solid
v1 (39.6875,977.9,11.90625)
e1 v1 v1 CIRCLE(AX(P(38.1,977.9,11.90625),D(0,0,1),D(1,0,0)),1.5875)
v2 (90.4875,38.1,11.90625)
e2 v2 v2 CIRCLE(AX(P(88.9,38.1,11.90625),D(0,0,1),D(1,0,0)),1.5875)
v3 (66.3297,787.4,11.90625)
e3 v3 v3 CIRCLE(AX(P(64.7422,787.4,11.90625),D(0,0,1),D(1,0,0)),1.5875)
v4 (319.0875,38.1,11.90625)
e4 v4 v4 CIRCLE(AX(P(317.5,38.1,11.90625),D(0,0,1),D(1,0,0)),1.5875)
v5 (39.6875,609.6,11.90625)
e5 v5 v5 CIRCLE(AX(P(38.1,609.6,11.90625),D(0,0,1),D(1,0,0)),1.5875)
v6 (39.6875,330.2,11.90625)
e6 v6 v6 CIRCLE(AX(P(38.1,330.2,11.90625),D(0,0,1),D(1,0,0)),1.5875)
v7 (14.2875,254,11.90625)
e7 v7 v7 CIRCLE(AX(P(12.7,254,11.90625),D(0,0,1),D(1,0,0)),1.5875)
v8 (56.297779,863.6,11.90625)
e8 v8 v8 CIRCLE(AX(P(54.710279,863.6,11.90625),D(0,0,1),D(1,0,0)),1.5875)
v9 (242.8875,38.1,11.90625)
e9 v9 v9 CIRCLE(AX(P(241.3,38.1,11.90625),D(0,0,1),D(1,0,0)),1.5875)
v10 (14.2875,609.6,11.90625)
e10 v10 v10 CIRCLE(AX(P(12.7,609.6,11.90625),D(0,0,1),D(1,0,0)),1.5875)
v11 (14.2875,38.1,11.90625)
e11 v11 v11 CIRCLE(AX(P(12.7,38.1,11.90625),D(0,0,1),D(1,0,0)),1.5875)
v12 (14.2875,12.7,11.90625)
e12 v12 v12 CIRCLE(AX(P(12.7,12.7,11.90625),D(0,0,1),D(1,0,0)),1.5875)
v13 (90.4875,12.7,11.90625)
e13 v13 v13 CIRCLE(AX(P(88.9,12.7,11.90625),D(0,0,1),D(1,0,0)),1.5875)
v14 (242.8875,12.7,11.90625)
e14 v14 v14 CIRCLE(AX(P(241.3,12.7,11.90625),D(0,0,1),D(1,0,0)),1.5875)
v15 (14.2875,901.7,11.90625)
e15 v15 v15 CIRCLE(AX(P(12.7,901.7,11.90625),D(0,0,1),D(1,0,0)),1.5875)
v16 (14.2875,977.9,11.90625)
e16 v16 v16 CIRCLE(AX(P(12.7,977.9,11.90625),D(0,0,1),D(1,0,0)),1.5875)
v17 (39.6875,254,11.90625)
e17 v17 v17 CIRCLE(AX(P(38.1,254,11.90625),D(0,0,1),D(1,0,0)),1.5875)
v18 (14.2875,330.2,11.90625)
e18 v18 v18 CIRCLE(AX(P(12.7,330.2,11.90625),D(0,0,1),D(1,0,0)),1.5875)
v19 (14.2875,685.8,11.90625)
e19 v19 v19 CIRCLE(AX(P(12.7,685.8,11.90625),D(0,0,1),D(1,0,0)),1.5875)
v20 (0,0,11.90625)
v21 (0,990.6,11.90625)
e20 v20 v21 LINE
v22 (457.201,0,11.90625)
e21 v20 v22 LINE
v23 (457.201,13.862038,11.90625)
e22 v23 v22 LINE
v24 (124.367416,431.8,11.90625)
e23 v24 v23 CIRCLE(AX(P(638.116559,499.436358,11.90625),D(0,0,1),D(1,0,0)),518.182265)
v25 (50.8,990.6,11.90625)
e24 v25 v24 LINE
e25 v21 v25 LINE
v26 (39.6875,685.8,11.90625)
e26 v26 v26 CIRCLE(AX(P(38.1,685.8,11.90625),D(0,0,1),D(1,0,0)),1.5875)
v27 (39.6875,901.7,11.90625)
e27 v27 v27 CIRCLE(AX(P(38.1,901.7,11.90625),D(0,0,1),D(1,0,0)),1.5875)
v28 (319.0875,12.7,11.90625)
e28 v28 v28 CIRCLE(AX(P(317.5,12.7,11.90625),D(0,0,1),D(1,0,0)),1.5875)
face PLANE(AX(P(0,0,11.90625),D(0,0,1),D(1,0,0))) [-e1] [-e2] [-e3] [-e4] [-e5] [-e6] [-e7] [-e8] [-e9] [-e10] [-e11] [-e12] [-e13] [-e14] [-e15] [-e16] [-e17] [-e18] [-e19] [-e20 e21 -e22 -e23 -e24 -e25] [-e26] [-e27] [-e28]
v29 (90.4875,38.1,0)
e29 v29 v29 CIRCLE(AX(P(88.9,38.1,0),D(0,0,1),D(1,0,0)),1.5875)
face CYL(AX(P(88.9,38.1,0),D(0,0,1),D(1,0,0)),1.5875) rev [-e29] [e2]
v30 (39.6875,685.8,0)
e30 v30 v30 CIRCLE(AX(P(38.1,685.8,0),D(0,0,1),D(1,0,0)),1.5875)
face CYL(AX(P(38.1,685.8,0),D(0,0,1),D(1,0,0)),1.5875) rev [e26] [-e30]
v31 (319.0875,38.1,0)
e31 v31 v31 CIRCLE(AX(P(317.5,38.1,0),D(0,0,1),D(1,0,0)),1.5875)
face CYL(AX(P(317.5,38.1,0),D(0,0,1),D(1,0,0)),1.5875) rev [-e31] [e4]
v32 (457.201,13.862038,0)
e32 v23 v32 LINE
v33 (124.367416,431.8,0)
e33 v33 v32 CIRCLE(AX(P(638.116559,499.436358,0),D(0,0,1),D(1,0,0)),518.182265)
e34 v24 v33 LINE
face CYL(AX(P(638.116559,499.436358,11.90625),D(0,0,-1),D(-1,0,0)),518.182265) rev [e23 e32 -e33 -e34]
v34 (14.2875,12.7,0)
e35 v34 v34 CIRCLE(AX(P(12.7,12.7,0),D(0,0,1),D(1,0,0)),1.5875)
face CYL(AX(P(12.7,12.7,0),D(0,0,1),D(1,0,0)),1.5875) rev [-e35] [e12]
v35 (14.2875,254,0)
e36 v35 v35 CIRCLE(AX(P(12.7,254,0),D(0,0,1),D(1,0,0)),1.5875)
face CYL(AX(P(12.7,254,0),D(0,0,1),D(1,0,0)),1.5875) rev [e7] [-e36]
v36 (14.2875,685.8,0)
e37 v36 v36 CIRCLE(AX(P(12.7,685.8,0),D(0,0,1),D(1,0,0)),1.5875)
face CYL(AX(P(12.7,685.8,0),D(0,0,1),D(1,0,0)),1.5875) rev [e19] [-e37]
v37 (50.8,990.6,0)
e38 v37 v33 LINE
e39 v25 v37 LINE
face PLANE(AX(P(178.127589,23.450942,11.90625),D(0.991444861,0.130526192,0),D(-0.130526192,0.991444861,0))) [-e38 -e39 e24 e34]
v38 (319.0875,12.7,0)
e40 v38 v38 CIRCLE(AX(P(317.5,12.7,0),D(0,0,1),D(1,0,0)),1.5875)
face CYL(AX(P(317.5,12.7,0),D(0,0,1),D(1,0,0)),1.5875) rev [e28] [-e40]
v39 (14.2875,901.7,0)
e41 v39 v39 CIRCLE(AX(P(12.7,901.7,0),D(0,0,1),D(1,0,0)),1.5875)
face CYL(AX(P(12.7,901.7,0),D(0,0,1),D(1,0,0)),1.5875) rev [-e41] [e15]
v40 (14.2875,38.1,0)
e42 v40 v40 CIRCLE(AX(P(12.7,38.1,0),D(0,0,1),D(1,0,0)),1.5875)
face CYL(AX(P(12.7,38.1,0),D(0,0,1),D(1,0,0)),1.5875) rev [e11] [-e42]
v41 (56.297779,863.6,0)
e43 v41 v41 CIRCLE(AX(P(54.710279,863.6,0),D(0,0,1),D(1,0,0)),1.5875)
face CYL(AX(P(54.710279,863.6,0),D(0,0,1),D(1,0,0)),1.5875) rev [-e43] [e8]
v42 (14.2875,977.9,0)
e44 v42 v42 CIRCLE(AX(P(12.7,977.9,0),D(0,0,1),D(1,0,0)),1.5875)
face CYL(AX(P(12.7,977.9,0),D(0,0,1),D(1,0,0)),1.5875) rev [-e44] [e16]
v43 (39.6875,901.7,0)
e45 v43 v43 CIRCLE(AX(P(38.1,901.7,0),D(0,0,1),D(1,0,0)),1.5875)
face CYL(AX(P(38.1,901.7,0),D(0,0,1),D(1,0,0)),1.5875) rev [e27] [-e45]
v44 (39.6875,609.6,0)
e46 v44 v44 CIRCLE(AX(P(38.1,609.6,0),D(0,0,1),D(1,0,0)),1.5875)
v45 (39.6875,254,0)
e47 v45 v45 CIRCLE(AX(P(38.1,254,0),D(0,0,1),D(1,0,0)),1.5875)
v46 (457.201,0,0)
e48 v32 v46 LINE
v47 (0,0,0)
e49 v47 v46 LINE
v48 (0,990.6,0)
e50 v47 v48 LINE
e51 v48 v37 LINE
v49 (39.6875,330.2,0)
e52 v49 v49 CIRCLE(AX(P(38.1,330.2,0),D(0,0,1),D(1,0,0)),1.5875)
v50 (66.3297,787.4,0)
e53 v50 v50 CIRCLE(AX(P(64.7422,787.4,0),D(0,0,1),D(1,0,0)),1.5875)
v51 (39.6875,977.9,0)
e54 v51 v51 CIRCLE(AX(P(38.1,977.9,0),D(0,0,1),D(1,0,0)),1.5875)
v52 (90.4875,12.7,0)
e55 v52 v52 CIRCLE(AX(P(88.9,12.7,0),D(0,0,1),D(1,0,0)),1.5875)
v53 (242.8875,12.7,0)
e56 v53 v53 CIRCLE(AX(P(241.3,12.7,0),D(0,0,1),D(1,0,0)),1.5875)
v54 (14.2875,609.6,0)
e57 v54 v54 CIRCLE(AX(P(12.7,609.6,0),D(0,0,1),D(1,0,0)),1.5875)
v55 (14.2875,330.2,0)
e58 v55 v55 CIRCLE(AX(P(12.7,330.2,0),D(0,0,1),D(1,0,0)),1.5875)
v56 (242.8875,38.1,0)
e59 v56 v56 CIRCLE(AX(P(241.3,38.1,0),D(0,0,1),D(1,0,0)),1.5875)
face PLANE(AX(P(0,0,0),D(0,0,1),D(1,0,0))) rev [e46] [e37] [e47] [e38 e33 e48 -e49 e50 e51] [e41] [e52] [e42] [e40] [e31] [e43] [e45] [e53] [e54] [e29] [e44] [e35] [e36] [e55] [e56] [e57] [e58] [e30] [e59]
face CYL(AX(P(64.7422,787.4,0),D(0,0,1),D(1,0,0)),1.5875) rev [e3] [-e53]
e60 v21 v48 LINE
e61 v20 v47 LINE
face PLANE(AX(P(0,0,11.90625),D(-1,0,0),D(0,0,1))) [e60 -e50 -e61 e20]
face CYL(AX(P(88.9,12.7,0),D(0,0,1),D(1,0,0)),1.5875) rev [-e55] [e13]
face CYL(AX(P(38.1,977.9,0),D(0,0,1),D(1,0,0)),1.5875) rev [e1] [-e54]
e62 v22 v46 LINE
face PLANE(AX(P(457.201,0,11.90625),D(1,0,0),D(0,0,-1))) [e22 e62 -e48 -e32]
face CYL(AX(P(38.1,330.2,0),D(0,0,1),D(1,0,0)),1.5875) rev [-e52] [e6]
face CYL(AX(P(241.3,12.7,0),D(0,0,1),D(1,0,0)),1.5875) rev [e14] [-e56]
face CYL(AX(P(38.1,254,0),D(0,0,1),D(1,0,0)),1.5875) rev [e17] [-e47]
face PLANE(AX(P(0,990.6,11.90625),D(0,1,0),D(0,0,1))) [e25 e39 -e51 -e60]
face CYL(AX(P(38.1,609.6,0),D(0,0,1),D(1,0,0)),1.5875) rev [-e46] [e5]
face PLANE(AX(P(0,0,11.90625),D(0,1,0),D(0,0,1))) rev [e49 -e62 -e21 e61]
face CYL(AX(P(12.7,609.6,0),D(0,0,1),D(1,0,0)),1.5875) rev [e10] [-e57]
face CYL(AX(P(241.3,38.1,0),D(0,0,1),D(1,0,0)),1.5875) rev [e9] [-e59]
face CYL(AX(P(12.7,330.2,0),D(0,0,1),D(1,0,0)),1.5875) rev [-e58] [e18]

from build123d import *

# Parameters (mm, degrees)
BOSS_EXTRUDE1_DEPTH = 11.90625
SKETCH2_R           = 1.5875
CUT_EXTRUDE1_DEPTH  = 12.90625
SKETCH3_R           = 1.5875
CUT_EXTRUDE2_DEPTH  = 12.90625


with BuildPart() as part:
    # Sketch1 → Boss-Extrude1 (new body)
    with BuildSketch(Plane.XY):
        with BuildLine():
            Line((0, 990.6), (0, 0))
            Line((0, 0), (457.201, 0))
            Line((457.201, 0), (457.201, 13.862038208))
            ThreePointArc((457.201, 13.862038208), (232.767577124, 176.628269142), (124.367415652, 431.8))
            Line((124.367415652, 431.8), (50.8, 990.6))
            Line((50.8, 990.6), (0, 990.6))
        make_face()
    extrude(amount=BOSS_EXTRUDE1_DEPTH)

    # Sketch2 → Cut-Extrude1 (cut, through all)
    with BuildSketch(Plane.XY.offset(11.90625)):
        with Locations((12.7, 977.9)):
            Circle(SKETCH2_R)
        with Locations((38.1, 977.9)):
            Circle(SKETCH2_R)
        with Locations((12.7, 901.7)):
            Circle(SKETCH2_R)
        with Locations((38.1, 901.7)):
            Circle(SKETCH2_R)
        with Locations((12.7, 609.6)):
            Circle(SKETCH2_R)
        with Locations((38.1, 609.6)):
            Circle(SKETCH2_R)
        with Locations((12.7, 685.8)):
            Circle(SKETCH2_R)
        with Locations((38.1, 685.8)):
            Circle(SKETCH2_R)
        with Locations((12.7, 254)):
            Circle(SKETCH2_R)
        with Locations((38.1, 254)):
            Circle(SKETCH2_R)
        with Locations((12.7, 330.2)):
            Circle(SKETCH2_R)
        with Locations((38.1, 330.2)):
            Circle(SKETCH2_R)
        with Locations((12.7, 38.1)):
            Circle(SKETCH2_R)
        with Locations((12.7, 12.7)):
            Circle(SKETCH2_R)
        with Locations((88.9, 38.1)):
            Circle(SKETCH2_R)
        with Locations((88.9, 12.7)):
            Circle(SKETCH2_R)
        with Locations((241.3, 38.1)):
            Circle(SKETCH2_R)
        with Locations((317.5, 38.1)):
            Circle(SKETCH2_R)
        with Locations((241.3, 12.7)):
            Circle(SKETCH2_R)
        with Locations((317.5, 12.7)):
            Circle(SKETCH2_R)
    extrude(amount=-CUT_EXTRUDE1_DEPTH, mode=Mode.SUBTRACT)

    # Sketch3 → Cut-Extrude2 (cut, through all)
    with BuildSketch(Plane.XY.offset(11.90625)):
        with Locations((64.74219971, 787.4)):
            Circle(SKETCH3_R)
        with Locations((54.710279394, 863.6)):
            Circle(SKETCH3_R)
    extrude(amount=-CUT_EXTRUDE2_DEPTH, mode=Mode.SUBTRACT)


solid = part.part
